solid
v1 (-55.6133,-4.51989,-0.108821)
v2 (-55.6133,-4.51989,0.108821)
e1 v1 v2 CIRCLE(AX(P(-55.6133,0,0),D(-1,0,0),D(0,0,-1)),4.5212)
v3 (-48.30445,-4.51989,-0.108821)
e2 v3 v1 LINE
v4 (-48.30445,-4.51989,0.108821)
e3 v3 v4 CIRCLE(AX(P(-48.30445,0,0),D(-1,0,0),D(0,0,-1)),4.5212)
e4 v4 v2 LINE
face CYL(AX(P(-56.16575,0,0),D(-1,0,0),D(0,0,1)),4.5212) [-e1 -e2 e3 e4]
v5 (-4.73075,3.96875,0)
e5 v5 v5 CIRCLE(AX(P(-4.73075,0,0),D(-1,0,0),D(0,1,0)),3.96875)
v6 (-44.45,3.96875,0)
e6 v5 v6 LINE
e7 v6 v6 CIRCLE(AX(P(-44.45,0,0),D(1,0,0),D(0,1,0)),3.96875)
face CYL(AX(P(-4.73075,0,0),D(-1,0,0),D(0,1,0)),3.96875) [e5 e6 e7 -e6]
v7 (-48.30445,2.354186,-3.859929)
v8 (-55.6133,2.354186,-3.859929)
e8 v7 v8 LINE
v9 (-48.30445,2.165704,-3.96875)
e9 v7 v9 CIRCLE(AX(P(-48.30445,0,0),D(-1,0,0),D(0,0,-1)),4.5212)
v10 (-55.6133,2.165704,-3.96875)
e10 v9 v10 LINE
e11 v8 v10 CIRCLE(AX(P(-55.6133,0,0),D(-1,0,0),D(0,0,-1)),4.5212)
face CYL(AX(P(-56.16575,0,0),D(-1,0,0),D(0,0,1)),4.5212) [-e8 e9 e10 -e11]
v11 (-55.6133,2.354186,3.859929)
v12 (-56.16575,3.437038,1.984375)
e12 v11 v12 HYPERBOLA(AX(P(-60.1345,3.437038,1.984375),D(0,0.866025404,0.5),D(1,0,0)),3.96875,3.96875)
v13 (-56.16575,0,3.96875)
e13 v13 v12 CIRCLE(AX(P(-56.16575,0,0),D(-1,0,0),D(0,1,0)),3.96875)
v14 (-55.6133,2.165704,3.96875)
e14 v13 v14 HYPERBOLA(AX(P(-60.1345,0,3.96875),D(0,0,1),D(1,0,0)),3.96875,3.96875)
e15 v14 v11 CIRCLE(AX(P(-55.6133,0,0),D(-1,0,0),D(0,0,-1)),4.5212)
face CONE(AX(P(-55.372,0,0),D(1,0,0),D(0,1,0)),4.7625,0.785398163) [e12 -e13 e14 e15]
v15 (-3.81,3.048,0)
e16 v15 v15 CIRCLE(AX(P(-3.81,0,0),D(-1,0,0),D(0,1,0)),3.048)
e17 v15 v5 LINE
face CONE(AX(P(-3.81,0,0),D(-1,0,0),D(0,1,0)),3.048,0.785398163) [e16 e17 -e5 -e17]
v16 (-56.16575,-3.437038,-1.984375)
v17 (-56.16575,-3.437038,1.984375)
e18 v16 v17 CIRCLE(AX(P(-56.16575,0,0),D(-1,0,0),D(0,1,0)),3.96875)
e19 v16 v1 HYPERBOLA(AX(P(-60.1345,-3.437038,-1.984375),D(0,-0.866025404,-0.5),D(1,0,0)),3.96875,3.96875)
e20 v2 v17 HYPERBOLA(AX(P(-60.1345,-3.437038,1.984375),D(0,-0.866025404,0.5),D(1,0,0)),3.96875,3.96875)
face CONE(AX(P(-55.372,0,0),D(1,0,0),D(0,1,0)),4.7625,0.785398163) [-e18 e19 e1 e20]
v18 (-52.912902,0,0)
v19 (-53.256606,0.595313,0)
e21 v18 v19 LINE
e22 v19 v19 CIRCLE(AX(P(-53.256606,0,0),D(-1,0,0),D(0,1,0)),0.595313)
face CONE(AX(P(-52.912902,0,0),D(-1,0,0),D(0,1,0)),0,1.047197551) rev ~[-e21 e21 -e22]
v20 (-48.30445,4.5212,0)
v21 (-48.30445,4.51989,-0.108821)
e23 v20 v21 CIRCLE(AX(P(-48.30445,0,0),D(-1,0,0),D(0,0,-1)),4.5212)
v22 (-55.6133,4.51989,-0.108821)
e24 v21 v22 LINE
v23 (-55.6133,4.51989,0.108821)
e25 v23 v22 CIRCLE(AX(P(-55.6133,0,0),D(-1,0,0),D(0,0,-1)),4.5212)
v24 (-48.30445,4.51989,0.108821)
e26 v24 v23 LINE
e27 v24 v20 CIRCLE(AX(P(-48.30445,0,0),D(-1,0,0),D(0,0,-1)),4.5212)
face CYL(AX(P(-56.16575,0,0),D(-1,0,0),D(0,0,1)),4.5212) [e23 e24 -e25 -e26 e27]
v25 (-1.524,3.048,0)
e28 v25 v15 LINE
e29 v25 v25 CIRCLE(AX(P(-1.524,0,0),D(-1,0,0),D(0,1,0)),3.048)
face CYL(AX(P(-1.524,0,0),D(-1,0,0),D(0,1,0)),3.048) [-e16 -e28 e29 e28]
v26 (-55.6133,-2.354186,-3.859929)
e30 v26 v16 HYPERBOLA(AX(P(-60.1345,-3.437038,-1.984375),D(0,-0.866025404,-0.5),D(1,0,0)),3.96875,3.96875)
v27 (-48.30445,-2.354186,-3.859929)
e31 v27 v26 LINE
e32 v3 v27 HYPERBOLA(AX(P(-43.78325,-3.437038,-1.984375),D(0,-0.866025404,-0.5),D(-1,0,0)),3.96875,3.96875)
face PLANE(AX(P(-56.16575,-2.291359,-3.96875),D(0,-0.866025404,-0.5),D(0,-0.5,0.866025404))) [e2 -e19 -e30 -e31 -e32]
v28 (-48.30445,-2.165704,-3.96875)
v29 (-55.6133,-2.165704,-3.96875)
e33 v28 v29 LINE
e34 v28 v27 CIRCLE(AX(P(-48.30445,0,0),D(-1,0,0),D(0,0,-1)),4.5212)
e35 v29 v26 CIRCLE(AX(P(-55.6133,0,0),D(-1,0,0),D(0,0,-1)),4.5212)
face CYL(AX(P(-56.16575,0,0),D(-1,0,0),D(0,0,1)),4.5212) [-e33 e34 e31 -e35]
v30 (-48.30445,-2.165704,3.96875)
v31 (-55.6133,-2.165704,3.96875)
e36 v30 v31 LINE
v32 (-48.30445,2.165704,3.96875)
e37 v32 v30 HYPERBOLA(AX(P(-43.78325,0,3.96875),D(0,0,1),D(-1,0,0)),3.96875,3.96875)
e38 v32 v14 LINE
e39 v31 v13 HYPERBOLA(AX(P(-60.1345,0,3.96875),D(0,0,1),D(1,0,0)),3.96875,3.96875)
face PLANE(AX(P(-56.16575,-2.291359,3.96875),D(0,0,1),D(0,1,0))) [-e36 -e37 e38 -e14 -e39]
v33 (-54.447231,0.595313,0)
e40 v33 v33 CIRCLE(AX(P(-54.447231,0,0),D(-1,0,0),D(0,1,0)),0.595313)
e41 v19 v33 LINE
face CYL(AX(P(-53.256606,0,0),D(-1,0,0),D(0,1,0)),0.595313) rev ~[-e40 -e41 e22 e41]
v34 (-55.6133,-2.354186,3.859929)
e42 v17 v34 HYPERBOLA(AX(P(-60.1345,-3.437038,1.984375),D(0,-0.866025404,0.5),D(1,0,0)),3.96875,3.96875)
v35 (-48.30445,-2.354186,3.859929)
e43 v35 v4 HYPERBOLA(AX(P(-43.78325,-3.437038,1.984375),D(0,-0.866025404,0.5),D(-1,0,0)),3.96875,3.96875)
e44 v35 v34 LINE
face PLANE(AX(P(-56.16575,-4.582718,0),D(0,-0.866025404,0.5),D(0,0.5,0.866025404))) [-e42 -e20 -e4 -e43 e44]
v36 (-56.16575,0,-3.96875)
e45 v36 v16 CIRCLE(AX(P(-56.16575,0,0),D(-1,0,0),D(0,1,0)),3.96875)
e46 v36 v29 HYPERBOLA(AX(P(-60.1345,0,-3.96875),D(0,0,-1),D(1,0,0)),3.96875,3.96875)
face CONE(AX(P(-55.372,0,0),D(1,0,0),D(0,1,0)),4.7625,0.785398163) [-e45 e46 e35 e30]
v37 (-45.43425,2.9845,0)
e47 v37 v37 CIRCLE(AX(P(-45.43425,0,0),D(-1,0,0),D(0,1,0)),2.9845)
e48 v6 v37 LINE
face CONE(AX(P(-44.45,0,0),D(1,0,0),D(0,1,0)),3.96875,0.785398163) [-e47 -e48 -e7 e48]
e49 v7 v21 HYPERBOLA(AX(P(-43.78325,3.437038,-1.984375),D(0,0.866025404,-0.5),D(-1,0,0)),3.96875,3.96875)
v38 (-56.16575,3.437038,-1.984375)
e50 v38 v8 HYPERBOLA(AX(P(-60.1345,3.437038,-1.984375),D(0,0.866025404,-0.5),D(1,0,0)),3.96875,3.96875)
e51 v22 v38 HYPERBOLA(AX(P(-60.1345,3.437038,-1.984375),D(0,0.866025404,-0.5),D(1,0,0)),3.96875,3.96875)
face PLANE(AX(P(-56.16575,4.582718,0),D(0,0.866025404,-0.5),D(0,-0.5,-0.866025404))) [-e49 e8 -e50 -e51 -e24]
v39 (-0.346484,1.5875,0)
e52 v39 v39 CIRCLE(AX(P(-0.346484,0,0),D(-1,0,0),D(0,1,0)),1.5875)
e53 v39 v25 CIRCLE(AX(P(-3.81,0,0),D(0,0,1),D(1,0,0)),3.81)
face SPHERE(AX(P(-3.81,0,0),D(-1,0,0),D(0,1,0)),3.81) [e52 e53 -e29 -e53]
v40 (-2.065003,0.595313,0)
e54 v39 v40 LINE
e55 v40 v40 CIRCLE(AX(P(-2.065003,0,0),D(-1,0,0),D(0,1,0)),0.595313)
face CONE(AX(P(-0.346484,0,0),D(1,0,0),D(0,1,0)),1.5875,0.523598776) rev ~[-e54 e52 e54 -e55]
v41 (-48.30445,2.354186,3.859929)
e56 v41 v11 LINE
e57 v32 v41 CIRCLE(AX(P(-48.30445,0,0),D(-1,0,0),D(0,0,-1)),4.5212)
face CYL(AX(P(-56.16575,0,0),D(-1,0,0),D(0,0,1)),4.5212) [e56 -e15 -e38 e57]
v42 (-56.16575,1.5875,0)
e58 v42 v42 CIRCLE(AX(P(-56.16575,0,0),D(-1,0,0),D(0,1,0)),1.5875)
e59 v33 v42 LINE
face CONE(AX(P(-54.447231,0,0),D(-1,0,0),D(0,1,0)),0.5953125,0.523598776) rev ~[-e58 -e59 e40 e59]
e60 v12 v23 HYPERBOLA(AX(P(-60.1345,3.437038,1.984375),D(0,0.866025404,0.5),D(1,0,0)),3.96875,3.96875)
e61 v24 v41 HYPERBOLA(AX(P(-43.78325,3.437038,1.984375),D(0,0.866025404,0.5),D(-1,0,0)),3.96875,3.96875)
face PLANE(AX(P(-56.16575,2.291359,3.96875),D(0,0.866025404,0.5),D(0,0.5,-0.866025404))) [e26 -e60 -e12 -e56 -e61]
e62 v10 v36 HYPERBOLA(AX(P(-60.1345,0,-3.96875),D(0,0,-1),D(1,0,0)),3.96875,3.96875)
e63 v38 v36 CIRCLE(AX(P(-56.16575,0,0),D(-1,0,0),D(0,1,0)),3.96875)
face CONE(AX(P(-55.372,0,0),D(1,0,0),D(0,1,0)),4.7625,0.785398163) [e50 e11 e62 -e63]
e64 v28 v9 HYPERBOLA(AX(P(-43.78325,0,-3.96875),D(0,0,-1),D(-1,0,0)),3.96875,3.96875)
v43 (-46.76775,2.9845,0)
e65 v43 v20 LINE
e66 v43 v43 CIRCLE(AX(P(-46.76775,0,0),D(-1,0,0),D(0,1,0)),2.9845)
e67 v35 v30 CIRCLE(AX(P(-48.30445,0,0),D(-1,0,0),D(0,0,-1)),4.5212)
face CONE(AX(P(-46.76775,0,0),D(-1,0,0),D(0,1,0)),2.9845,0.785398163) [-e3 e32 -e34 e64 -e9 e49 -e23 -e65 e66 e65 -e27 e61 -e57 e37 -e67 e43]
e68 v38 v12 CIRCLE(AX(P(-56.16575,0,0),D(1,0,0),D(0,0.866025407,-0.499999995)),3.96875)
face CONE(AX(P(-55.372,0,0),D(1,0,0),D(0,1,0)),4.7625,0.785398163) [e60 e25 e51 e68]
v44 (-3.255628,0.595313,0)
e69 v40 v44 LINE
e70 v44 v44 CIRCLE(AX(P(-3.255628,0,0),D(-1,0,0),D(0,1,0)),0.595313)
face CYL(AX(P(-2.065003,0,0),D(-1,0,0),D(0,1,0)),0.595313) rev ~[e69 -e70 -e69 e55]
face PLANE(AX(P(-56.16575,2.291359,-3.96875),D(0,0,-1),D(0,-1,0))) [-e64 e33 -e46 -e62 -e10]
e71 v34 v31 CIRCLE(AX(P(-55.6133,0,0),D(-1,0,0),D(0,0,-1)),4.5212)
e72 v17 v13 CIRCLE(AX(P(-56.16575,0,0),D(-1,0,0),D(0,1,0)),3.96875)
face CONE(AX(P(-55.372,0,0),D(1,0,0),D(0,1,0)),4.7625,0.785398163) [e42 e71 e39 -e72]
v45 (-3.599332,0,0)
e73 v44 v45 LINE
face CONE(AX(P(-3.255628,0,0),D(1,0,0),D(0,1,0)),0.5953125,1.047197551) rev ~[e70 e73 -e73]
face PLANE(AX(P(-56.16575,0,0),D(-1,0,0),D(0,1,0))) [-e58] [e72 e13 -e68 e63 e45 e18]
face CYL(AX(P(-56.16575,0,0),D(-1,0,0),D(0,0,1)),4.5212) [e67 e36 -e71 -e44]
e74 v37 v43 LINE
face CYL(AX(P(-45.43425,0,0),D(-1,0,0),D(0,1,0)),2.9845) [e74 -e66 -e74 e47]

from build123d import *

# Parameters (mm, degrees)
SKETCH2_OUTSIDE_W  = 23.076
SKETCH2_OUTSIDE_H  = 23.077
CUT_EXTRUDE1_DEPTH = 57.16575
SKETCH3_OUTSIDE_W  = 21.43
SKETCH3_OUTSIDE_H  = 22.658
SKETCH3_OUTSIDE_R  = 4.5212
CUT_EXTRUDE2_DEPTH = 57.16575


with BuildPart() as part:
    # Sketch1 → Revolve1 (revolve)
    with BuildSketch(Plane.XY):
        with BuildLine():
            Line((-4.73075, 3.96875), (-44.45, 3.96875))
            Line((-44.45, 3.96875), (-45.43425, 2.9845))
            Line((-45.43425, 2.9845), (-46.76775, 2.9845))
            Line((-46.76775, 2.9845), (-48.54575, 4.7625))
            Line((-48.54575, 4.7625), (-55.372, 4.7625))
            Line((-55.372, 4.7625), (-56.16575, 3.96875))
            Line((-56.16575, 3.96875), (-56.16575, 0))
            Line((-56.16575, 0), (0, 0))
            ThreePointArc((0, 0), (-0.402232402, 1.703883799), (-1.524, 3.048))
            Line((-1.524, 3.048), (-3.81, 3.048))
            Line((-3.81, 3.048), (-4.73075, 3.96875))
        make_face()
    revolve(axis=Axis((1.163601772, 0, 0), (-1, 0, 0)))

    # Sketch2 outside → Cut-Extrude1 (cut, through all)
    with BuildSketch(Plane.ZY.offset(56.16575)):
        with Locations((0, -0.0005)):
            Rectangle(SKETCH2_OUTSIDE_W, SKETCH2_OUTSIDE_H)
        Polygon((0, -4.582717762), (3.96875, -2.291358881), (3.96875, 2.291358881), (0, 4.582717762), (-3.96875, 2.291358881), (-3.96875, -2.291358881), align=None, mode=Mode.SUBTRACT)
    extrude(amount=-CUT_EXTRUDE1_DEPTH, mode=Mode.SUBTRACT)

    # Sketch3 outside → Cut-Extrude2 (cut, through all)
    with BuildSketch(Plane.ZY.offset(56.16575)):
        Rectangle(SKETCH3_OUTSIDE_W, SKETCH3_OUTSIDE_H)
        Circle(SKETCH3_OUTSIDE_R, mode=Mode.SUBTRACT)
    extrude(amount=-CUT_EXTRUDE2_DEPTH, mode=Mode.SUBTRACT)

    # Sketch4 → Cut-Revolve1 (revolve, cut)
    with BuildSketch(Plane.XY):
        with BuildLine():
            Line((-0.346483904, 1.5875), (-2.065003064, 0.5953125))
            Line((-2.065003064, 0.5953125), (-3.255628064, 0.5953125))
            Line((-3.255628064, 0.5953125), (-3.599331896, 0))
            Line((-3.599331896, 0), (0, 0))
            ThreePointArc((0, 0), (-0.087628691, 0.812435743), (-0.346483904, 1.5875))
        make_face()
        Polygon((-56.16575, 0), (-52.912902007, 0), (-53.256605839, 0.5953125), (-54.447230839, 0.5953125), (-56.16575, 1.5875), align=None)
    revolve(axis=Axis((1.163601772, 0, 0), (-1, 0, 0)), mode=Mode.SUBTRACT)


solid = part.part
